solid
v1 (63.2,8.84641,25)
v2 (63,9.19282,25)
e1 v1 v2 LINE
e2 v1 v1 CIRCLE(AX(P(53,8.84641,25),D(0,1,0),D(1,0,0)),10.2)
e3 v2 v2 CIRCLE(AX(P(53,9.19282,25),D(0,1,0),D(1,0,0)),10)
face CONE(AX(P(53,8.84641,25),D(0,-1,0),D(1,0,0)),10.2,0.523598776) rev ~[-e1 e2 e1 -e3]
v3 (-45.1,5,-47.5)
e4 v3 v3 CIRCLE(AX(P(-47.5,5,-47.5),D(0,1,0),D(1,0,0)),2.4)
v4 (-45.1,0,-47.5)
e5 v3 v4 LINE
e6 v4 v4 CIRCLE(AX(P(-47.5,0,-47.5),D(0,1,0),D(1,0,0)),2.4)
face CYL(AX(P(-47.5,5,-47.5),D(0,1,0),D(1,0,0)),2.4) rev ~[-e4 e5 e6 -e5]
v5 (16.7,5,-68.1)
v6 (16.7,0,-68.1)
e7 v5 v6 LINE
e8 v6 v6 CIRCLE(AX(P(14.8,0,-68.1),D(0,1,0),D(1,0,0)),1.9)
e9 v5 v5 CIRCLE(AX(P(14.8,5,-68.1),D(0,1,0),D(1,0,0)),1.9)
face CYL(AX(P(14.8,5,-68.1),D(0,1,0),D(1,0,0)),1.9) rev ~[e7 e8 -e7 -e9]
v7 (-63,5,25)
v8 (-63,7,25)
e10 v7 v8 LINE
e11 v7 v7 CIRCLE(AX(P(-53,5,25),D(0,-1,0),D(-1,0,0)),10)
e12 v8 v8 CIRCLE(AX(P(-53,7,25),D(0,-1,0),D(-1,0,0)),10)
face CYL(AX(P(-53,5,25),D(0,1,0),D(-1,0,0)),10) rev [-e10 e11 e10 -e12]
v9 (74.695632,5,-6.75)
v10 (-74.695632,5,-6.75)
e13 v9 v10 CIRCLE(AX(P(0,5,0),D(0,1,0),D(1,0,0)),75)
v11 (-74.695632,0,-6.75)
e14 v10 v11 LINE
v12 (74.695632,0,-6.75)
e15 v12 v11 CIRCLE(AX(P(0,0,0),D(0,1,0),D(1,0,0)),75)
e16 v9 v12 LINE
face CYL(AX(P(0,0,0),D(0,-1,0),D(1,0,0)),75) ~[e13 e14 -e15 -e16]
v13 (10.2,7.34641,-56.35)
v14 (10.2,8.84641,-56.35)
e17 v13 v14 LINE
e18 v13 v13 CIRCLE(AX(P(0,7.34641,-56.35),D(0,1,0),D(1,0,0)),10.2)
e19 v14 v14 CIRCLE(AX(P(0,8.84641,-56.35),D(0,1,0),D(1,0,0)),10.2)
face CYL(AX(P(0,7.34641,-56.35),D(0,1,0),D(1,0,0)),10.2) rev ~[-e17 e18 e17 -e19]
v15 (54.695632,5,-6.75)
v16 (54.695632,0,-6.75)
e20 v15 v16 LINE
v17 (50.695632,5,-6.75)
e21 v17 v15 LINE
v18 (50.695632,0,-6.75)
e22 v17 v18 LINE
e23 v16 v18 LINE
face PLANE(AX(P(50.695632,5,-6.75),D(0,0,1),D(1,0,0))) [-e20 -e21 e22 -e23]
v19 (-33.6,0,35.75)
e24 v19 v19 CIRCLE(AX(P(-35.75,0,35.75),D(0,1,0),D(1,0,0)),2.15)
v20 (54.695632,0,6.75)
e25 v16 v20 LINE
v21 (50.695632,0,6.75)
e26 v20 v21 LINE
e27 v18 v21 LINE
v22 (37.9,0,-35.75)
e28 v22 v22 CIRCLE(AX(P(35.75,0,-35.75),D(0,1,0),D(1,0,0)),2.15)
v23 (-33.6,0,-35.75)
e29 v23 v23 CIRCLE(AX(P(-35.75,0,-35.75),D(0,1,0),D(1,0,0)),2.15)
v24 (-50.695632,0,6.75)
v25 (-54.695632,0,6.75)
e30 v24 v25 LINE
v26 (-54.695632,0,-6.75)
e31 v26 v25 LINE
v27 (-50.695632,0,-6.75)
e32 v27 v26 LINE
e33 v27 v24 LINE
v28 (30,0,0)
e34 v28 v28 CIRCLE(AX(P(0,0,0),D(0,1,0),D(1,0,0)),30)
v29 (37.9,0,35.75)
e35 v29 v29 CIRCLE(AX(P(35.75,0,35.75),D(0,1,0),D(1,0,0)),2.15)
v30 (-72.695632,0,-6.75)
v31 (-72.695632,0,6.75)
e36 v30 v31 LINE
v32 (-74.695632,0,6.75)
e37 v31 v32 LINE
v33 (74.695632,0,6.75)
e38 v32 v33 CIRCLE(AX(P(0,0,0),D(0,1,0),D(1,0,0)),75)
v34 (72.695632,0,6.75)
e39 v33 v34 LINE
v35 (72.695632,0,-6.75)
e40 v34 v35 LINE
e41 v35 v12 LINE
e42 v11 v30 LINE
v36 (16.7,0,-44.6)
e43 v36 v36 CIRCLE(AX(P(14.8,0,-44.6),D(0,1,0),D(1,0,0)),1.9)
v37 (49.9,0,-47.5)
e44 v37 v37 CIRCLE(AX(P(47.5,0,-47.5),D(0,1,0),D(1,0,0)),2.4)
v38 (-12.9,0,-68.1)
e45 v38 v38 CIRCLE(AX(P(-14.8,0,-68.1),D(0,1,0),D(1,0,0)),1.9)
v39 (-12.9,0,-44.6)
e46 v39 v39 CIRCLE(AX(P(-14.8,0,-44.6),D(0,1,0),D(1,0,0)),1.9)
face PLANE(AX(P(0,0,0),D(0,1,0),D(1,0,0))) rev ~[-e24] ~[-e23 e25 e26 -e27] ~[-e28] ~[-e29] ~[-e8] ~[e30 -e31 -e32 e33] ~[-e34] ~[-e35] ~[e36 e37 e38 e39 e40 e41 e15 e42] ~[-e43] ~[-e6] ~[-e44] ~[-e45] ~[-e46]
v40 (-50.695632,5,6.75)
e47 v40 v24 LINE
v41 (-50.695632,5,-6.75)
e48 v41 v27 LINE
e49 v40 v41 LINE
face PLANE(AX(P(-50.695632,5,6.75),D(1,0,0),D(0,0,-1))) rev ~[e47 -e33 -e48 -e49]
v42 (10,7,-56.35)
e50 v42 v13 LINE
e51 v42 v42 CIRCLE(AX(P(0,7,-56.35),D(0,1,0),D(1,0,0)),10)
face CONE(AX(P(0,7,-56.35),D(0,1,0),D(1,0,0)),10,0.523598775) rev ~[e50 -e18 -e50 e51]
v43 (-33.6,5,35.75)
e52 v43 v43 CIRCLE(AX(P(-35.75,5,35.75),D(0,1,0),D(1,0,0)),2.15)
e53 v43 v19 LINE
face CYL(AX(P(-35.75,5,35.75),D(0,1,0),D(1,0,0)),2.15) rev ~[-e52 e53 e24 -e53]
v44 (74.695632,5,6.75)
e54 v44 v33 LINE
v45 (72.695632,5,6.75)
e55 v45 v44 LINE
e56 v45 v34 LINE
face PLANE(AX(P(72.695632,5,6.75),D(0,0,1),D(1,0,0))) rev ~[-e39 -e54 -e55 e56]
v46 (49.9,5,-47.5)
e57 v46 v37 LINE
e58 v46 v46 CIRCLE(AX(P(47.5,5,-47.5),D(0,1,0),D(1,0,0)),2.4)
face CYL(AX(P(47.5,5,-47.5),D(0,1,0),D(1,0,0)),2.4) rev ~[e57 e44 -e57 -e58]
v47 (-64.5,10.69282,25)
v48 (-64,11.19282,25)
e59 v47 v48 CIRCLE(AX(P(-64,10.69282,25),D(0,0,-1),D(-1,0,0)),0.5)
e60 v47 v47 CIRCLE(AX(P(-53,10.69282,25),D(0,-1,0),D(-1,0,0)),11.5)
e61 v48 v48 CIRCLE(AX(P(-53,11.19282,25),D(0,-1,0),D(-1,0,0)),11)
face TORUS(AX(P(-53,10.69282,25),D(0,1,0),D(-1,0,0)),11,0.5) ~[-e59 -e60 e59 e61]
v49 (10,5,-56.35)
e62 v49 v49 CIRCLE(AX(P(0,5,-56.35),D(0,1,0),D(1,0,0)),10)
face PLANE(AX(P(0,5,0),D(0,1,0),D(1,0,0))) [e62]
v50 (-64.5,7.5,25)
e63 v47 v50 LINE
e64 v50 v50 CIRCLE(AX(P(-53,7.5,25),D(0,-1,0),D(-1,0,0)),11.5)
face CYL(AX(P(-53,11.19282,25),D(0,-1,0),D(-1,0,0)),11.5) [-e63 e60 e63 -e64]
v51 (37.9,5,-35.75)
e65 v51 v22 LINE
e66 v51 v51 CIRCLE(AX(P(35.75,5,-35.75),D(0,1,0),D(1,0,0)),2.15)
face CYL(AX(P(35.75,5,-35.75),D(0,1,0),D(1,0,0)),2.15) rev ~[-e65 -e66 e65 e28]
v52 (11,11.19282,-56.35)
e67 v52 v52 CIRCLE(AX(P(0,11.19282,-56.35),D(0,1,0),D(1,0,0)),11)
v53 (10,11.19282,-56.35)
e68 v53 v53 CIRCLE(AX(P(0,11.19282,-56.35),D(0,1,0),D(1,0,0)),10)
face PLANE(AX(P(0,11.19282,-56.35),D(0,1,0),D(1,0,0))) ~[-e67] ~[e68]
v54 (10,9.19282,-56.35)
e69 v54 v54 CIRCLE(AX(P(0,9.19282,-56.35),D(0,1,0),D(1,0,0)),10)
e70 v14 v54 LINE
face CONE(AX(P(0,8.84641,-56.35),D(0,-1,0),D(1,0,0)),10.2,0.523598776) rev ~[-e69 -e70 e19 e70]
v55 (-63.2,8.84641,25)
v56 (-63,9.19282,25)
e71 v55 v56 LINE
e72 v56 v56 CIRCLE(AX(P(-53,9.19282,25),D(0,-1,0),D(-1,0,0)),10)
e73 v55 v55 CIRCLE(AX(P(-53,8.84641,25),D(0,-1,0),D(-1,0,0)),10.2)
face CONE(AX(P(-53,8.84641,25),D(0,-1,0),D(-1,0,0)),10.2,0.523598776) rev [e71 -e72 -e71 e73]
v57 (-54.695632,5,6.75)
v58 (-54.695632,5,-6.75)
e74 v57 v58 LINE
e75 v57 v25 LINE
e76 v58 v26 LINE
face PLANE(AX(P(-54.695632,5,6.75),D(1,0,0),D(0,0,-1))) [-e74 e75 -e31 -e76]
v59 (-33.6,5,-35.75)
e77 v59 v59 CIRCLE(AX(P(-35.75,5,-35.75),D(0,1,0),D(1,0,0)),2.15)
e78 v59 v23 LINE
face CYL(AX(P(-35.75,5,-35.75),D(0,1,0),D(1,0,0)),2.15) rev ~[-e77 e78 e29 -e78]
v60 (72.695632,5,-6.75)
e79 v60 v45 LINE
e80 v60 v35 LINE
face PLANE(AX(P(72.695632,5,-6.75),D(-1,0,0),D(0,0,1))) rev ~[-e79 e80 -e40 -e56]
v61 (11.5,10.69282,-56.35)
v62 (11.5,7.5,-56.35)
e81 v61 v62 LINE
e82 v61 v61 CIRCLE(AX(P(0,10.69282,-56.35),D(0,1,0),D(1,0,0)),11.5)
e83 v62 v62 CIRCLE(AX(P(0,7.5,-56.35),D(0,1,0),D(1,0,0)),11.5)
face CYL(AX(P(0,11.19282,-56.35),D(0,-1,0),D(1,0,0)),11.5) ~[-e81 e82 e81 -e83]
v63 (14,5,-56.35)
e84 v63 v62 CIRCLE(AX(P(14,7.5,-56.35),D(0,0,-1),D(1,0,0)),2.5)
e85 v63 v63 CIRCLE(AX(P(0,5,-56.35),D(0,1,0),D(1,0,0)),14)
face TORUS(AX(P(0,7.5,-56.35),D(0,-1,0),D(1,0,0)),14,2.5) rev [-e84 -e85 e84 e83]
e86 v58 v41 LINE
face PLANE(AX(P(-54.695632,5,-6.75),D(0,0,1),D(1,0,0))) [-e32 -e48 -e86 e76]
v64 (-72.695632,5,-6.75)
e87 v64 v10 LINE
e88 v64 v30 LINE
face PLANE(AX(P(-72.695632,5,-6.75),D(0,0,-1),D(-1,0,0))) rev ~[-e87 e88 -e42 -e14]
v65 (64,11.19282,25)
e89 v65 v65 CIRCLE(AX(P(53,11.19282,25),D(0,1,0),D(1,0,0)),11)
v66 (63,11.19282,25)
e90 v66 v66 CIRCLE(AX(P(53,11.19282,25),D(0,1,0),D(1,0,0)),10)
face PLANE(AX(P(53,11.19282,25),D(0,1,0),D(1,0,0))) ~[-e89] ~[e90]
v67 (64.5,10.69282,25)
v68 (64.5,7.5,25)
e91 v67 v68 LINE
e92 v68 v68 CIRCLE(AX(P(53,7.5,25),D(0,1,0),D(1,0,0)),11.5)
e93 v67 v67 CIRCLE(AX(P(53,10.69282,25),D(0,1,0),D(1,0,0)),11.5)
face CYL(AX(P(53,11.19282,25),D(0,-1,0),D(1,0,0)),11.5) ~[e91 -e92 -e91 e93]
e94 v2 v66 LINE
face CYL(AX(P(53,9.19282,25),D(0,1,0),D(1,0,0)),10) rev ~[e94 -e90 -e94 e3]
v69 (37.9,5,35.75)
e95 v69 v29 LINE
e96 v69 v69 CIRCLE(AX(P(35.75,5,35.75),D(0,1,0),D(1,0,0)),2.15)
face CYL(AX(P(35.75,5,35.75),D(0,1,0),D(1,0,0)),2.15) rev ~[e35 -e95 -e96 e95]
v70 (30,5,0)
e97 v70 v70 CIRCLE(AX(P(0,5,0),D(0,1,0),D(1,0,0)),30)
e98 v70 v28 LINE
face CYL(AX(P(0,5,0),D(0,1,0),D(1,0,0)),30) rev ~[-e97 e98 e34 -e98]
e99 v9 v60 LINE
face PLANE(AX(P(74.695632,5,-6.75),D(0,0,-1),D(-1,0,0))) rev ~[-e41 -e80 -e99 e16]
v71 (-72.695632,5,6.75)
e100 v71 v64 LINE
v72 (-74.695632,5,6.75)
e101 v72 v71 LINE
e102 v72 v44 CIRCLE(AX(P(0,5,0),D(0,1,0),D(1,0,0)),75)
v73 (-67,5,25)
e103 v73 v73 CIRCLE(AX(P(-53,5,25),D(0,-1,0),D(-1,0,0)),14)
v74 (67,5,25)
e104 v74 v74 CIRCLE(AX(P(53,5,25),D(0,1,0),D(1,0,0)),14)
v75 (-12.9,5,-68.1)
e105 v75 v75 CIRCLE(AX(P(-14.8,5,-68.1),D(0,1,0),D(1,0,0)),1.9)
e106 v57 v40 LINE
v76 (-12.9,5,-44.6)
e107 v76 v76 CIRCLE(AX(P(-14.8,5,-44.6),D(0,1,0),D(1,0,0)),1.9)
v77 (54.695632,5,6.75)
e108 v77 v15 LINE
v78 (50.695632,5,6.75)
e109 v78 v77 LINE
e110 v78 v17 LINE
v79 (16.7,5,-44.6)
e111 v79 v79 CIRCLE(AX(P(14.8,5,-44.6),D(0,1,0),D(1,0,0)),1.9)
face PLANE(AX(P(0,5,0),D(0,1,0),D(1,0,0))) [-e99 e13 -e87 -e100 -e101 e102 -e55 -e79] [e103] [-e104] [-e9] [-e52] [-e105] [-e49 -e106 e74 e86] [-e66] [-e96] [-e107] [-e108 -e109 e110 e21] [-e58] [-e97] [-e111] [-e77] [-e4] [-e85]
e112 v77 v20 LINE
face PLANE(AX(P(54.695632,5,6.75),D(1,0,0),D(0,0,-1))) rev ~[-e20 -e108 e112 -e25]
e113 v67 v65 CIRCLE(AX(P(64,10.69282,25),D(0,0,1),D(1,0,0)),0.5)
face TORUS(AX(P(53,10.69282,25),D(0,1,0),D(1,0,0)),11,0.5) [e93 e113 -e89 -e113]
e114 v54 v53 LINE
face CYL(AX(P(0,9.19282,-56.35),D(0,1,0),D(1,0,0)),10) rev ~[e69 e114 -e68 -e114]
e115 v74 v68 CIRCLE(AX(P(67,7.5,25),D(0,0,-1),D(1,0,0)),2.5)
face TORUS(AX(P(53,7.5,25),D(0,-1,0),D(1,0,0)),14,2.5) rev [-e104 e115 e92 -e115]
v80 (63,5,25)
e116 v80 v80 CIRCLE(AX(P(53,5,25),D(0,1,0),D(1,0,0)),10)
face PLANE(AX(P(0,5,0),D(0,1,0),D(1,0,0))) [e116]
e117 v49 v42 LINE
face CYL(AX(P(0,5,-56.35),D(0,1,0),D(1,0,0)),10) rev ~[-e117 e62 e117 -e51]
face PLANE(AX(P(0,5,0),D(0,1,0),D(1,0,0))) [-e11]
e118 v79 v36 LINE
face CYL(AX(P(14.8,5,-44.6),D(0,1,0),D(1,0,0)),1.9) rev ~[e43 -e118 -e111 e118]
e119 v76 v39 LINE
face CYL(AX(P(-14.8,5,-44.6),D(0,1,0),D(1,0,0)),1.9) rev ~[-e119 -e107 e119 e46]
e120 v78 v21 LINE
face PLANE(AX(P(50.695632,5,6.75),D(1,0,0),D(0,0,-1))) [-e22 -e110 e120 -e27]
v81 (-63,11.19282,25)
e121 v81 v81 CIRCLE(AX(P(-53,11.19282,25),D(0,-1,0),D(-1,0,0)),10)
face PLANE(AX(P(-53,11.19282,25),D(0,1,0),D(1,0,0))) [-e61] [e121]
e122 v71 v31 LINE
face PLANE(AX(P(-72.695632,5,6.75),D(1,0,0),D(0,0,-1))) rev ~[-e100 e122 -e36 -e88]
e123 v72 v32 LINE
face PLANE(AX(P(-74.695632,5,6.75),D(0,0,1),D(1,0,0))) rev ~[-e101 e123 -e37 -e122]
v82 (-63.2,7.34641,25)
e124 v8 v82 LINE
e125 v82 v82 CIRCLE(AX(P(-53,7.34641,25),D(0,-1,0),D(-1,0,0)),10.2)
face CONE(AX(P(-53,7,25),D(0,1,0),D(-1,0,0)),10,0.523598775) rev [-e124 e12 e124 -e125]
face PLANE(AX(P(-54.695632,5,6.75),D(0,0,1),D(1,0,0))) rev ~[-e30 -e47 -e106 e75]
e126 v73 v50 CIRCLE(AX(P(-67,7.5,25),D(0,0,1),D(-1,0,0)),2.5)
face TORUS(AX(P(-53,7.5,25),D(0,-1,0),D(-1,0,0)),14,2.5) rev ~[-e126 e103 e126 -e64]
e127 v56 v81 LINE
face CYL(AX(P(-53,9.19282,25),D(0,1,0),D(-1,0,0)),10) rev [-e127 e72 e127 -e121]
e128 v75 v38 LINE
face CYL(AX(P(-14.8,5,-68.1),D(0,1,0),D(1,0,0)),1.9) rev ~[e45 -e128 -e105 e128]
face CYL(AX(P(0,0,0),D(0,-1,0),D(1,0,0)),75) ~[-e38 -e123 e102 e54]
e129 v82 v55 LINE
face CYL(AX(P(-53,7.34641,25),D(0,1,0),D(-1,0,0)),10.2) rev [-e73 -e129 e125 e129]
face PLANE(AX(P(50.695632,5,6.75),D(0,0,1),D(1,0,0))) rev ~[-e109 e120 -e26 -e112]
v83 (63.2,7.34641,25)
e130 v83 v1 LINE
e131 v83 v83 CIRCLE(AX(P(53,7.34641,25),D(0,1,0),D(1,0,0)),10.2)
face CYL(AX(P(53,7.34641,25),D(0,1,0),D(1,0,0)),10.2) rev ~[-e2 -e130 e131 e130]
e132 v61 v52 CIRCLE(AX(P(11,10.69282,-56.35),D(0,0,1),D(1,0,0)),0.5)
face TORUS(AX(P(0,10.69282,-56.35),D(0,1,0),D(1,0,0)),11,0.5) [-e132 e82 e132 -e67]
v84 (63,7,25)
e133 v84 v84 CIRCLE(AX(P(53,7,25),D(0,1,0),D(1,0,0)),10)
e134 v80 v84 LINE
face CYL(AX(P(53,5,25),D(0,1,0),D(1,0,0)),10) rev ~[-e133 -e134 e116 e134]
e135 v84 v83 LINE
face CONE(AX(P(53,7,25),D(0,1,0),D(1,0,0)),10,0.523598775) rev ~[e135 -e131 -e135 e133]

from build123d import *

# Parameters (mm, degrees)
SKETCH1_R                             = 75
BASE_DEPTH                            = 5
MAIN_WHEEL_SLOTS_REACH                = 7
SKETCH2_W                             = 4
SKETCH2_H                             = 13.5
F_3RD_WHEEL_HOLES_REACH               = 7
SKETCH3_R                             = 1.9
SKETCH6_R                             = 2.15
FAN_SCREW_HOLES_DEPTH                 = 6
FAN_BLADE_HOLE_REACH                  = 7
SKETCH7_R                             = 30
TOP_PEG_BOTTOM_FILLET_R               = 2.5
TOP_PEG_TOP_FILLET_R                  = 0.5
RIGHT_PEG_BOTTOM_FILLET_R             = 2.5
RIGHT_PEG_TOP_FILLET_R                = 0.5
RIGHT_PEG_BOTTOM_FILLET_OF_LEFT_PEG_R = 2.5
RIGHT_PEG_TOP_FILLET_OF_LEFT_PEG_R    = 0.5
SWITCH_HOLES_REACH                    = 7
SKETCH12_R                            = 2.4


with BuildPart() as part:
    # Sketch1 → Base (new body)
    with BuildSketch(Plane(origin=(0, 0, 0), x_dir=(1, 0, 0), z_dir=(0, 1, 0))):
        Circle(SKETCH1_R)
    extrude(amount=BASE_DEPTH)

    # Sketch2 → Main Wheel Slots (cut, up to next)
    with BuildSketch(Plane(origin=(0, 5, 0), x_dir=(1, 0, 0), z_dir=(0, 1, 0)), mode=Mode.PRIVATE) as main_wheel_slots_sk1:
        with Locations((52.695632402, 0)):
            Rectangle(SKETCH2_W, SKETCH2_H)
    main_wheel_slots_tool1 = extrude(main_wheel_slots_sk1.sketch, amount=-MAIN_WHEEL_SLOTS_REACH, mode=Mode.PRIVATE) & part.part
    add(main_wheel_slots_tool1.solids().sort_by_distance((52.695632, 5, 0))[0], mode=Mode.SUBTRACT)
    # Sketch2 → Main Wheel Slots (cut, up to next)
    with BuildSketch(Plane(origin=(0, 5, 0), x_dir=(1, 0, 0), z_dir=(0, 1, 0)), mode=Mode.PRIVATE) as main_wheel_slots_sk2:
        with BuildLine():
            ThreePointArc((75, 0), (74.923869462, 3.378429355), (74.695632402, 6.75))
            Line((74.695632402, 6.75), (72.695632402, 6.75))
            Line((72.695632402, 6.75), (72.695632402, -6.75))
            Line((72.695632402, -6.75), (74.695632402, -6.75))
            ThreePointArc((74.695632402, -6.75), (74.923869462, -3.378429355), (75, 0))
        make_face()
    main_wheel_slots_tool2 = extrude(main_wheel_slots_sk2.sketch, amount=-MAIN_WHEEL_SLOTS_REACH, mode=Mode.PRIVATE) & part.part
    add(main_wheel_slots_tool2.solids().sort_by_distance((73.798997, 5, 0))[0], mode=Mode.SUBTRACT)
    # Sketch2 → Main Wheel Slots (cut, up to next)
    with BuildSketch(Plane(origin=(0, 5, 0), x_dir=(1, 0, 0), z_dir=(0, 1, 0)), mode=Mode.PRIVATE) as main_wheel_slots_sk3:
        with BuildLine():
            Line((-72.695632402, 6.75), (-74.695632402, 6.75))
            ThreePointArc((-74.695632402, 6.75), (-75, 0), (-74.695632402, -6.75))
            Line((-74.695632402, -6.75), (-72.695632402, -6.75))
            Line((-72.695632402, -6.75), (-72.695632402, 6.75))
        make_face()
    main_wheel_slots_tool3 = extrude(main_wheel_slots_sk3.sketch, amount=-MAIN_WHEEL_SLOTS_REACH, mode=Mode.PRIVATE) & part.part
    add(main_wheel_slots_tool3.solids().sort_by_distance((-73.798997, 5, 0))[0], mode=Mode.SUBTRACT)
    # Sketch2 → Main Wheel Slots (cut, up to next)
    with BuildSketch(Plane(origin=(0, 5, 0), x_dir=(1, 0, 0), z_dir=(0, 1, 0)), mode=Mode.PRIVATE) as main_wheel_slots_sk4:
        with Locations((-52.695632402, 0)):
            Rectangle(SKETCH2_W, SKETCH2_H)
    main_wheel_slots_tool4 = extrude(main_wheel_slots_sk4.sketch, amount=-MAIN_WHEEL_SLOTS_REACH, mode=Mode.PRIVATE) & part.part
    add(main_wheel_slots_tool4.solids().sort_by_distance((-52.695632, 5, 0))[0], mode=Mode.SUBTRACT)

    # Sketch3 → 3rd Wheel Holes (cut, up to next)
    with BuildSketch(Plane(origin=(0, 5, 0), x_dir=(1, 0, 0), z_dir=(0, 1, 0)), mode=Mode.PRIVATE) as f_3rd_wheel_holes_sk1:
        with Locations((14.8, 68.1)):
            Circle(SKETCH3_R)
    f_3rd_wheel_holes_tool1 = extrude(f_3rd_wheel_holes_sk1.sketch, amount=-F_3RD_WHEEL_HOLES_REACH, mode=Mode.PRIVATE) & part.part
    add(f_3rd_wheel_holes_tool1.solids().sort_by_distance((14.8, 5, -68.1))[0], mode=Mode.SUBTRACT)
    # Sketch3 → 3rd Wheel Holes (cut, up to next)
    with BuildSketch(Plane(origin=(0, 5, 0), x_dir=(1, 0, 0), z_dir=(0, 1, 0)), mode=Mode.PRIVATE) as f_3rd_wheel_holes_sk2:
        with Locations((14.8, 44.6)):
            Circle(SKETCH3_R)
    f_3rd_wheel_holes_tool2 = extrude(f_3rd_wheel_holes_sk2.sketch, amount=-F_3RD_WHEEL_HOLES_REACH, mode=Mode.PRIVATE) & part.part
    add(f_3rd_wheel_holes_tool2.solids().sort_by_distance((14.8, 5, -44.6))[0], mode=Mode.SUBTRACT)
    # Sketch3 → 3rd Wheel Holes (cut, up to next)
    with BuildSketch(Plane(origin=(0, 5, 0), x_dir=(1, 0, 0), z_dir=(0, 1, 0)), mode=Mode.PRIVATE) as f_3rd_wheel_holes_sk3:
        with Locations((-14.8, 44.6)):
            Circle(SKETCH3_R)
    f_3rd_wheel_holes_tool3 = extrude(f_3rd_wheel_holes_sk3.sketch, amount=-F_3RD_WHEEL_HOLES_REACH, mode=Mode.PRIVATE) & part.part
    add(f_3rd_wheel_holes_tool3.solids().sort_by_distance((-14.8, 5, -44.6))[0], mode=Mode.SUBTRACT)
    # Sketch3 → 3rd Wheel Holes (cut, up to next)
    with BuildSketch(Plane(origin=(0, 5, 0), x_dir=(1, 0, 0), z_dir=(0, 1, 0)), mode=Mode.PRIVATE) as f_3rd_wheel_holes_sk4:
        with Locations((-14.8, 68.1)):
            Circle(SKETCH3_R)
    f_3rd_wheel_holes_tool4 = extrude(f_3rd_wheel_holes_sk4.sketch, amount=-F_3RD_WHEEL_HOLES_REACH, mode=Mode.PRIVATE) & part.part
    add(f_3rd_wheel_holes_tool4.solids().sort_by_distance((-14.8, 5, -68.1))[0], mode=Mode.SUBTRACT)

    # Sketch6 → Fan Screw Holes (cut)
    with BuildSketch(Plane(origin=(0, 5, 0), x_dir=(1, 0, 0), z_dir=(0, 1, 0))):
        with Locations((35.75, 35.75)):
            Circle(SKETCH6_R)
        with Locations((-35.75, 35.75)):
            Circle(SKETCH6_R)
        with Locations((-35.75, -35.75)):
            Circle(SKETCH6_R)
        with Locations((35.75, -35.75)):
            Circle(SKETCH6_R)
    extrude(amount=-FAN_SCREW_HOLES_DEPTH, mode=Mode.SUBTRACT)

    # Sketch7 → Fan Blade Hole (cut, up to next)
    with BuildSketch(Plane(origin=(0, 5, 0), x_dir=(1, 0, 0), z_dir=(0, 1, 0)), mode=Mode.PRIVATE) as fan_blade_hole_sk1:
        Circle(SKETCH7_R)
    fan_blade_hole_tool1 = extrude(fan_blade_hole_sk1.sketch, amount=-FAN_BLADE_HOLE_REACH, mode=Mode.PRIVATE) & part.part
    add(fan_blade_hole_tool1.solids().sort_by_distance((0, 5, 0))[0], mode=Mode.SUBTRACT)

    # Sketch10 → Top Peg Base (revolve)
    with BuildSketch(Plane.XY.offset(-56.35)):
        Polygon((10, 5), (10, 7), (10.2, 7.346410162), (10.2, 8.846410162), (10, 9.192820323), (10, 11.192820323), (11.5, 11.192820323), (11.5, 5), align=None)
    revolve(axis=Axis((0, 5, -56.35), (0, 1, 0)))

    # Top Peg Bottom Fillet
    top_peg_bottom_fillet_edges = [part.edges().sort_by_distance(p)[0] for p in [
        (-11.5, 5, -56.35),
    ]]
    fillet(top_peg_bottom_fillet_edges, radius=TOP_PEG_BOTTOM_FILLET_R)

    # Top Peg Top Fillet
    top_peg_top_fillet_edges = [part.edges().sort_by_distance(p)[0] for p in [
        (-11.5, 11.192820323, -56.35),
    ]]
    fillet(top_peg_top_fillet_edges, radius=TOP_PEG_TOP_FILLET_R)

    # Sketch11 → Right Peg Base (revolve)
    with BuildSketch(Plane.XY.offset(25)):
        Polygon((63, 5), (63, 7), (63.2, 7.346410162), (63.2, 8.846410162), (63, 9.192820323), (63, 11.192820323), (64.5, 11.192820323), (64.5, 5), align=None)
    right_peg_base = revolve(axis=Axis((53, 5, 25), (0, 1, 0)))

    # Right Peg Bottom Fillet
    right_peg_bottom_fillet_edges = [part.edges().sort_by_distance(p)[0] for p in [
        (41.5, 5, 25),
    ]]
    fillet(right_peg_bottom_fillet_edges, radius=RIGHT_PEG_BOTTOM_FILLET_R)

    # Right Peg Top Fillet
    right_peg_top_fillet_edges = [part.edges().sort_by_distance(p)[0] for p in [
        (41.5, 11.192820323, 25),
    ]]
    fillet(right_peg_top_fillet_edges, radius=RIGHT_PEG_TOP_FILLET_R)

    # Left Peg: Right Peg Base across plane
    add(right_peg_base.mirror(Plane(origin=(0, 0, 0), x_dir=(0, 0, 1), z_dir=(1, 0, 0))))

    # Right Peg Bottom Fillet of Left Peg
    right_peg_bottom_fillet_of_left_peg_edges = [part.edges().sort_by_distance(p)[0] for p in [
        (-41.5, 5, 25),
    ]]
    fillet(right_peg_bottom_fillet_of_left_peg_edges, radius=RIGHT_PEG_BOTTOM_FILLET_OF_LEFT_PEG_R)

    # Right Peg Top Fillet of Left Peg
    right_peg_top_fillet_of_left_peg_edges = [part.edges().sort_by_distance(p)[0] for p in [
        (-41.5, 11.192820323, 25),
    ]]
    fillet(right_peg_top_fillet_of_left_peg_edges, radius=RIGHT_PEG_TOP_FILLET_OF_LEFT_PEG_R)

    # Sketch12 → Switch Holes (cut, up to next)
    with BuildSketch(Plane(origin=(0, 5, 0), x_dir=(1, 0, 0), z_dir=(0, 1, 0)), mode=Mode.PRIVATE) as switch_holes_sk1:
        with Locations((47.5, 47.5)):
            Circle(SKETCH12_R)
    switch_holes_tool1 = extrude(switch_holes_sk1.sketch, amount=-SWITCH_HOLES_REACH, mode=Mode.PRIVATE) & part.part
    add(switch_holes_tool1.solids().sort_by_distance((47.5, 5, -47.5))[0], mode=Mode.SUBTRACT)
    # Sketch12 → Switch Holes (cut, up to next)
    with BuildSketch(Plane(origin=(0, 5, 0), x_dir=(1, 0, 0), z_dir=(0, 1, 0)), mode=Mode.PRIVATE) as switch_holes_sk2:
        with Locations((-47.5, 47.5)):
            Circle(SKETCH12_R)
    switch_holes_tool2 = extrude(switch_holes_sk2.sketch, amount=-SWITCH_HOLES_REACH, mode=Mode.PRIVATE) & part.part
    add(switch_holes_tool2.solids().sort_by_distance((-47.5, 5, -47.5))[0], mode=Mode.SUBTRACT)


solid = part.part
